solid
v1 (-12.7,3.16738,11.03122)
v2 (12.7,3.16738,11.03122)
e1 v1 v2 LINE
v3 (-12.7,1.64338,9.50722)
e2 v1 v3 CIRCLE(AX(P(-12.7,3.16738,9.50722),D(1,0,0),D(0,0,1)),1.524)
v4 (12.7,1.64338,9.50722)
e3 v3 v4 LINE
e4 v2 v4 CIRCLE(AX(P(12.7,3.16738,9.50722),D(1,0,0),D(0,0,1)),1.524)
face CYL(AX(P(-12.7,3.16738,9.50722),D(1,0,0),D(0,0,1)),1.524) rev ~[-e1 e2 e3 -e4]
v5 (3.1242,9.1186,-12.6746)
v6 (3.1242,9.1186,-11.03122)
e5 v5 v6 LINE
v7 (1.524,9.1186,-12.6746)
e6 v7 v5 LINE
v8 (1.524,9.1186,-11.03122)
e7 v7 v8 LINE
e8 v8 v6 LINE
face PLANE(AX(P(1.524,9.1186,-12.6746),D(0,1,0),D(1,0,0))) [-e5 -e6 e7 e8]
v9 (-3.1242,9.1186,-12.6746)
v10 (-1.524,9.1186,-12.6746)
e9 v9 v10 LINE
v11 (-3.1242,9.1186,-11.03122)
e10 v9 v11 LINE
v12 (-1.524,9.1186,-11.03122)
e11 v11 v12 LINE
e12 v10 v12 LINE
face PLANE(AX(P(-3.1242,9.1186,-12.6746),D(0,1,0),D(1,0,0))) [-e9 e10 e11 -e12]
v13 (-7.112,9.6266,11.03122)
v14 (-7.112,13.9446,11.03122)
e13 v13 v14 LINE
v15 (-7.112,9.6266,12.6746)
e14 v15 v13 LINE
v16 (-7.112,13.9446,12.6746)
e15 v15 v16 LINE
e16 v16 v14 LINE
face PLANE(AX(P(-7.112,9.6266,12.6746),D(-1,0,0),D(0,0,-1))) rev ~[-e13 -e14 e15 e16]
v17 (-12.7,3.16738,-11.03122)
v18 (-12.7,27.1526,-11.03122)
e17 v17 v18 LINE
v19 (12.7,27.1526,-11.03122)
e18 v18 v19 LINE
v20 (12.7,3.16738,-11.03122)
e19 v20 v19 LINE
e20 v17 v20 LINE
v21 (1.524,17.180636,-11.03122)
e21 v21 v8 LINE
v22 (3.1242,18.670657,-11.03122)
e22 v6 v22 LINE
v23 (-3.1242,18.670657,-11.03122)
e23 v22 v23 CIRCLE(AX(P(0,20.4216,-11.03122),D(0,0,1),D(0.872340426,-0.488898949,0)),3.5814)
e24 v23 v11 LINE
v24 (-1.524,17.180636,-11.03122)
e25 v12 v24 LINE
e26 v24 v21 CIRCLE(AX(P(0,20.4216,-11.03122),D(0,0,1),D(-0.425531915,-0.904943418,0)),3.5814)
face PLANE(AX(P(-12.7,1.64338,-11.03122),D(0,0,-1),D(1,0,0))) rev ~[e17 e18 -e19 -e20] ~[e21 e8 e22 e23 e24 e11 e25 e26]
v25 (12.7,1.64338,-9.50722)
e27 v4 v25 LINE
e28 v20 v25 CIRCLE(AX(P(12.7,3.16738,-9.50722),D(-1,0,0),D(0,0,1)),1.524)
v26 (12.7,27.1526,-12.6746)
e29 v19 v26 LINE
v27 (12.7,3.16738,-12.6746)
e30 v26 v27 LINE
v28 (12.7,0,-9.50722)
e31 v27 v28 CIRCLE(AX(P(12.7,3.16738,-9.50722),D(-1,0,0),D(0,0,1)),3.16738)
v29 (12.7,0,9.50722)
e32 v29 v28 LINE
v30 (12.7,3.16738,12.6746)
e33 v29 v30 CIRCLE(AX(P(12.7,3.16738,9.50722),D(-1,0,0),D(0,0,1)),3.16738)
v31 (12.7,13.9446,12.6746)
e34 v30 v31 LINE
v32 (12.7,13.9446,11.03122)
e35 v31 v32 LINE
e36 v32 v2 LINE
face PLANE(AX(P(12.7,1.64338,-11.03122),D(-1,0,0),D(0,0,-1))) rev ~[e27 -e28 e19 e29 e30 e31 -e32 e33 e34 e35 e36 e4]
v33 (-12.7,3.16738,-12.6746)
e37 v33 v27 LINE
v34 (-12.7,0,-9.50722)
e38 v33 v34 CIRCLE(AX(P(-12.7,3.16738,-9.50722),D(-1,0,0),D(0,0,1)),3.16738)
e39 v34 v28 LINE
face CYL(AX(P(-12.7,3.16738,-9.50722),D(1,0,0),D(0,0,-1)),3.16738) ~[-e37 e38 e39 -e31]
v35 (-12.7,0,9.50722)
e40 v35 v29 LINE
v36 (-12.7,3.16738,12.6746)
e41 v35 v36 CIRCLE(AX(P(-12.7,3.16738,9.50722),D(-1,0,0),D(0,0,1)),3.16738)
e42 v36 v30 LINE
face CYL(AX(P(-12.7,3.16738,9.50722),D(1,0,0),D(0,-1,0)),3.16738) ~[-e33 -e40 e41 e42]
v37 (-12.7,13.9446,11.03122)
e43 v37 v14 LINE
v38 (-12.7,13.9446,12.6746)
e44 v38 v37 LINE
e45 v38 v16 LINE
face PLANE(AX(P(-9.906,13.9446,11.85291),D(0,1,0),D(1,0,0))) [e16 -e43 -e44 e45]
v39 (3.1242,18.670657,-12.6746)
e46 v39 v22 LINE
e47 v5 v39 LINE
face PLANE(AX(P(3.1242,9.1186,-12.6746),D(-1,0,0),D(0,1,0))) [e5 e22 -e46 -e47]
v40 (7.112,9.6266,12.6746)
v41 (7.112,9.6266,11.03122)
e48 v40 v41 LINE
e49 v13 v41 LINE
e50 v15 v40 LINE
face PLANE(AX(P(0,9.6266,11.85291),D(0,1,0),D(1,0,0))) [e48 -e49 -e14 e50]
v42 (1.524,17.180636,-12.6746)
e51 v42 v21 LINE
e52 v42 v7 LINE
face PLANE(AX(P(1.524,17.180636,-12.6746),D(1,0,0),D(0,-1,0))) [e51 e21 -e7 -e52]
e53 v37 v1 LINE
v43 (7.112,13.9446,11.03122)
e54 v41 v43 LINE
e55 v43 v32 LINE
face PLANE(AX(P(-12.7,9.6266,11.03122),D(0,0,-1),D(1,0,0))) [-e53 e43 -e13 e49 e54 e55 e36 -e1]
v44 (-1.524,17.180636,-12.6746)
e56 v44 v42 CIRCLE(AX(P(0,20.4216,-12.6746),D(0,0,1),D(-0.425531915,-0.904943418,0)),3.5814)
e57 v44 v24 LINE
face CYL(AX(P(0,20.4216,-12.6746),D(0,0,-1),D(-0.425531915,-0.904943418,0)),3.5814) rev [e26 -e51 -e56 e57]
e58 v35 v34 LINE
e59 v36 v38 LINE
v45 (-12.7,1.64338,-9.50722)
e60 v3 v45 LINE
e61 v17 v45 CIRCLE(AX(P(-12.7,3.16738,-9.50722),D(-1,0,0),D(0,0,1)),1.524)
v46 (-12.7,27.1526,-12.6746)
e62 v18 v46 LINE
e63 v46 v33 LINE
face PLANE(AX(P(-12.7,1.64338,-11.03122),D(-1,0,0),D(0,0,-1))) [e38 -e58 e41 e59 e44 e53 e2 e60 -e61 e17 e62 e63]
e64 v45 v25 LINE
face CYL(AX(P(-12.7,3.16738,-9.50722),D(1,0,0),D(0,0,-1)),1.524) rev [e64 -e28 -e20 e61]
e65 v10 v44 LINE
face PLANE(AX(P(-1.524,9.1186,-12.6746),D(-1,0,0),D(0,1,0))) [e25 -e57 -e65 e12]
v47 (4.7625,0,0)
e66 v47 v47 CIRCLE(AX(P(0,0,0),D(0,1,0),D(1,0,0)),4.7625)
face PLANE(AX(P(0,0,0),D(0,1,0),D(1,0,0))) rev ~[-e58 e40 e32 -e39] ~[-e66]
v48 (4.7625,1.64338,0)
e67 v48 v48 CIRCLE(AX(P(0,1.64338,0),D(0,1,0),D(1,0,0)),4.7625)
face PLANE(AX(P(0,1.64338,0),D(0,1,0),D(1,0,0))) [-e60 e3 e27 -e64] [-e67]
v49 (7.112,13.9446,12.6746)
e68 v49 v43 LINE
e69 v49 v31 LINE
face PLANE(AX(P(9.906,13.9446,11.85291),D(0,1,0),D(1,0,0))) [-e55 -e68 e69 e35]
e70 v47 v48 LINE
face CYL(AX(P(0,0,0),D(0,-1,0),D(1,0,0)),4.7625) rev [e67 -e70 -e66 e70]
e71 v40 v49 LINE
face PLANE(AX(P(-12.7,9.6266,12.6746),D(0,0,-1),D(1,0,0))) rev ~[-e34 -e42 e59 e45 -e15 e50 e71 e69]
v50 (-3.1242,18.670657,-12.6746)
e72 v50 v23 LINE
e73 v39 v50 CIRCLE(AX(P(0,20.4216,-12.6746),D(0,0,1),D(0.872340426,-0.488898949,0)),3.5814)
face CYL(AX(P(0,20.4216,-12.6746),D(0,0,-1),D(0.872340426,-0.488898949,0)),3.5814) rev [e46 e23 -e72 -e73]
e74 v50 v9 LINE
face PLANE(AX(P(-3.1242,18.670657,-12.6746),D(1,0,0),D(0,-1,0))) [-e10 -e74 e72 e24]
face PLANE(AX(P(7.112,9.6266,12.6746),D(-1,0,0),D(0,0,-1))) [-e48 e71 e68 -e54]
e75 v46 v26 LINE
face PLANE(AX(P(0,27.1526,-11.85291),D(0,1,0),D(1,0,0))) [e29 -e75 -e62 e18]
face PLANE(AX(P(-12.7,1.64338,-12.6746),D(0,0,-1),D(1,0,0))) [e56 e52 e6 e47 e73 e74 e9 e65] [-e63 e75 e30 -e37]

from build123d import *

# Parameters (mm, degrees)
SKETCH1_W           = 25.4
SKETCH1_H           = 25.3492
SKETCH1_R           = 4.7625
BOSS_EXTRUDE1_DEPTH = 1.64338
SKETCH2_W           = 25.4
SKETCH2_H           = 1.64338
BOSS_EXTRUDE2_DEPTH = 7.98322
SKETCH3_W           = 5.588
SKETCH3_H           = 1.64338
BOSS_EXTRUDE3_DEPTH = 4.318
SKETCH4_W           = 25.4
SKETCH4_H           = 1.64338
BOSS_EXTRUDE4_DEPTH = 25.50922
CUT_EXTRUDE1_DEPTH  = 1.64338
FILLET1_R           = 1.524
FILLET2_R           = 3.16738


with BuildPart() as part:
    # Sketch1 → Boss-Extrude1 (new body)
    with BuildSketch(Plane(origin=(0, 0, 0), x_dir=(1, 0, 0), z_dir=(0, 1, 0))):
        Rectangle(SKETCH1_W, SKETCH1_H)
        Circle(SKETCH1_R, mode=Mode.SUBTRACT)
    extrude(amount=BOSS_EXTRUDE1_DEPTH)

    # Sketch2 → Boss-Extrude2 (add)
    with BuildSketch(Plane(origin=(0, 1.64338, 0), x_dir=(1, 0, 0), z_dir=(0, 1, 0))):
        with Locations((0, -11.85291)):
            Rectangle(SKETCH2_W, SKETCH2_H)
    extrude(amount=BOSS_EXTRUDE2_DEPTH)

    # Sketch3 → Boss-Extrude3 (add)
    with BuildSketch(Plane(origin=(0, 9.6266, 0), x_dir=(1, 0, 0), z_dir=(0, 1, 0))):
        with Locations((-9.906, -11.85291)):
            Rectangle(SKETCH3_W, SKETCH3_H)
        with Locations((9.906, -11.85291)):
            Rectangle(SKETCH3_W, SKETCH3_H)
    extrude(amount=BOSS_EXTRUDE3_DEPTH)

    # Sketch4 → Boss-Extrude4 (add)
    with BuildSketch(Plane(origin=(0, 1.64338, 0), x_dir=(1, 0, 0), z_dir=(0, 1, 0))):
        with Locations((0, 11.85291)):
            Rectangle(SKETCH4_W, SKETCH4_H)
    extrude(amount=BOSS_EXTRUDE4_DEPTH)

    # Sketch5 → Cut-Extrude1 (cut)
    with BuildSketch(Plane(origin=(0, 0, -12.6746), x_dir=(-1, 0, 0), z_dir=(0, 0, -1))):
        with BuildLine():
            Line((-3.1242, 9.1186), (-3.1242, 18.670657305))
            ThreePointArc((-3.1242, 18.670657305), (0, 24.003), (3.1242, 18.670657305))
            Line((3.1242, 18.670657305), (3.1242, 9.1186))
            Line((3.1242, 9.1186), (1.524, 9.1186))
            Line((1.524, 9.1186), (1.524, 17.180635644))
            ThreePointArc((1.524, 17.180635644), (0, 16.8402), (-1.524, 17.180635644))
            Line((-1.524, 17.180635644), (-1.524, 9.1186))
            Line((-1.524, 9.1186), (-3.1242, 9.1186))
        make_face()
    extrude(amount=-CUT_EXTRUDE1_DEPTH, mode=Mode.SUBTRACT)

    # Fillet1
    fillet1_edges = [part.edges().sort_by_distance(p)[0] for p in [
        (0, 1.64338, 11.03122),
        (0, 1.64338, -11.03122),
    ]]
    fillet(fillet1_edges, radius=FILLET1_R)

    # Fillet2
    fillet2_edges = [part.edges().sort_by_distance(p)[0] for p in [
        (0, 0, -12.6746),
        (0, 0, 12.6746),
    ]]
    fillet(fillet2_edges, radius=FILLET2_R)


solid = part.part
